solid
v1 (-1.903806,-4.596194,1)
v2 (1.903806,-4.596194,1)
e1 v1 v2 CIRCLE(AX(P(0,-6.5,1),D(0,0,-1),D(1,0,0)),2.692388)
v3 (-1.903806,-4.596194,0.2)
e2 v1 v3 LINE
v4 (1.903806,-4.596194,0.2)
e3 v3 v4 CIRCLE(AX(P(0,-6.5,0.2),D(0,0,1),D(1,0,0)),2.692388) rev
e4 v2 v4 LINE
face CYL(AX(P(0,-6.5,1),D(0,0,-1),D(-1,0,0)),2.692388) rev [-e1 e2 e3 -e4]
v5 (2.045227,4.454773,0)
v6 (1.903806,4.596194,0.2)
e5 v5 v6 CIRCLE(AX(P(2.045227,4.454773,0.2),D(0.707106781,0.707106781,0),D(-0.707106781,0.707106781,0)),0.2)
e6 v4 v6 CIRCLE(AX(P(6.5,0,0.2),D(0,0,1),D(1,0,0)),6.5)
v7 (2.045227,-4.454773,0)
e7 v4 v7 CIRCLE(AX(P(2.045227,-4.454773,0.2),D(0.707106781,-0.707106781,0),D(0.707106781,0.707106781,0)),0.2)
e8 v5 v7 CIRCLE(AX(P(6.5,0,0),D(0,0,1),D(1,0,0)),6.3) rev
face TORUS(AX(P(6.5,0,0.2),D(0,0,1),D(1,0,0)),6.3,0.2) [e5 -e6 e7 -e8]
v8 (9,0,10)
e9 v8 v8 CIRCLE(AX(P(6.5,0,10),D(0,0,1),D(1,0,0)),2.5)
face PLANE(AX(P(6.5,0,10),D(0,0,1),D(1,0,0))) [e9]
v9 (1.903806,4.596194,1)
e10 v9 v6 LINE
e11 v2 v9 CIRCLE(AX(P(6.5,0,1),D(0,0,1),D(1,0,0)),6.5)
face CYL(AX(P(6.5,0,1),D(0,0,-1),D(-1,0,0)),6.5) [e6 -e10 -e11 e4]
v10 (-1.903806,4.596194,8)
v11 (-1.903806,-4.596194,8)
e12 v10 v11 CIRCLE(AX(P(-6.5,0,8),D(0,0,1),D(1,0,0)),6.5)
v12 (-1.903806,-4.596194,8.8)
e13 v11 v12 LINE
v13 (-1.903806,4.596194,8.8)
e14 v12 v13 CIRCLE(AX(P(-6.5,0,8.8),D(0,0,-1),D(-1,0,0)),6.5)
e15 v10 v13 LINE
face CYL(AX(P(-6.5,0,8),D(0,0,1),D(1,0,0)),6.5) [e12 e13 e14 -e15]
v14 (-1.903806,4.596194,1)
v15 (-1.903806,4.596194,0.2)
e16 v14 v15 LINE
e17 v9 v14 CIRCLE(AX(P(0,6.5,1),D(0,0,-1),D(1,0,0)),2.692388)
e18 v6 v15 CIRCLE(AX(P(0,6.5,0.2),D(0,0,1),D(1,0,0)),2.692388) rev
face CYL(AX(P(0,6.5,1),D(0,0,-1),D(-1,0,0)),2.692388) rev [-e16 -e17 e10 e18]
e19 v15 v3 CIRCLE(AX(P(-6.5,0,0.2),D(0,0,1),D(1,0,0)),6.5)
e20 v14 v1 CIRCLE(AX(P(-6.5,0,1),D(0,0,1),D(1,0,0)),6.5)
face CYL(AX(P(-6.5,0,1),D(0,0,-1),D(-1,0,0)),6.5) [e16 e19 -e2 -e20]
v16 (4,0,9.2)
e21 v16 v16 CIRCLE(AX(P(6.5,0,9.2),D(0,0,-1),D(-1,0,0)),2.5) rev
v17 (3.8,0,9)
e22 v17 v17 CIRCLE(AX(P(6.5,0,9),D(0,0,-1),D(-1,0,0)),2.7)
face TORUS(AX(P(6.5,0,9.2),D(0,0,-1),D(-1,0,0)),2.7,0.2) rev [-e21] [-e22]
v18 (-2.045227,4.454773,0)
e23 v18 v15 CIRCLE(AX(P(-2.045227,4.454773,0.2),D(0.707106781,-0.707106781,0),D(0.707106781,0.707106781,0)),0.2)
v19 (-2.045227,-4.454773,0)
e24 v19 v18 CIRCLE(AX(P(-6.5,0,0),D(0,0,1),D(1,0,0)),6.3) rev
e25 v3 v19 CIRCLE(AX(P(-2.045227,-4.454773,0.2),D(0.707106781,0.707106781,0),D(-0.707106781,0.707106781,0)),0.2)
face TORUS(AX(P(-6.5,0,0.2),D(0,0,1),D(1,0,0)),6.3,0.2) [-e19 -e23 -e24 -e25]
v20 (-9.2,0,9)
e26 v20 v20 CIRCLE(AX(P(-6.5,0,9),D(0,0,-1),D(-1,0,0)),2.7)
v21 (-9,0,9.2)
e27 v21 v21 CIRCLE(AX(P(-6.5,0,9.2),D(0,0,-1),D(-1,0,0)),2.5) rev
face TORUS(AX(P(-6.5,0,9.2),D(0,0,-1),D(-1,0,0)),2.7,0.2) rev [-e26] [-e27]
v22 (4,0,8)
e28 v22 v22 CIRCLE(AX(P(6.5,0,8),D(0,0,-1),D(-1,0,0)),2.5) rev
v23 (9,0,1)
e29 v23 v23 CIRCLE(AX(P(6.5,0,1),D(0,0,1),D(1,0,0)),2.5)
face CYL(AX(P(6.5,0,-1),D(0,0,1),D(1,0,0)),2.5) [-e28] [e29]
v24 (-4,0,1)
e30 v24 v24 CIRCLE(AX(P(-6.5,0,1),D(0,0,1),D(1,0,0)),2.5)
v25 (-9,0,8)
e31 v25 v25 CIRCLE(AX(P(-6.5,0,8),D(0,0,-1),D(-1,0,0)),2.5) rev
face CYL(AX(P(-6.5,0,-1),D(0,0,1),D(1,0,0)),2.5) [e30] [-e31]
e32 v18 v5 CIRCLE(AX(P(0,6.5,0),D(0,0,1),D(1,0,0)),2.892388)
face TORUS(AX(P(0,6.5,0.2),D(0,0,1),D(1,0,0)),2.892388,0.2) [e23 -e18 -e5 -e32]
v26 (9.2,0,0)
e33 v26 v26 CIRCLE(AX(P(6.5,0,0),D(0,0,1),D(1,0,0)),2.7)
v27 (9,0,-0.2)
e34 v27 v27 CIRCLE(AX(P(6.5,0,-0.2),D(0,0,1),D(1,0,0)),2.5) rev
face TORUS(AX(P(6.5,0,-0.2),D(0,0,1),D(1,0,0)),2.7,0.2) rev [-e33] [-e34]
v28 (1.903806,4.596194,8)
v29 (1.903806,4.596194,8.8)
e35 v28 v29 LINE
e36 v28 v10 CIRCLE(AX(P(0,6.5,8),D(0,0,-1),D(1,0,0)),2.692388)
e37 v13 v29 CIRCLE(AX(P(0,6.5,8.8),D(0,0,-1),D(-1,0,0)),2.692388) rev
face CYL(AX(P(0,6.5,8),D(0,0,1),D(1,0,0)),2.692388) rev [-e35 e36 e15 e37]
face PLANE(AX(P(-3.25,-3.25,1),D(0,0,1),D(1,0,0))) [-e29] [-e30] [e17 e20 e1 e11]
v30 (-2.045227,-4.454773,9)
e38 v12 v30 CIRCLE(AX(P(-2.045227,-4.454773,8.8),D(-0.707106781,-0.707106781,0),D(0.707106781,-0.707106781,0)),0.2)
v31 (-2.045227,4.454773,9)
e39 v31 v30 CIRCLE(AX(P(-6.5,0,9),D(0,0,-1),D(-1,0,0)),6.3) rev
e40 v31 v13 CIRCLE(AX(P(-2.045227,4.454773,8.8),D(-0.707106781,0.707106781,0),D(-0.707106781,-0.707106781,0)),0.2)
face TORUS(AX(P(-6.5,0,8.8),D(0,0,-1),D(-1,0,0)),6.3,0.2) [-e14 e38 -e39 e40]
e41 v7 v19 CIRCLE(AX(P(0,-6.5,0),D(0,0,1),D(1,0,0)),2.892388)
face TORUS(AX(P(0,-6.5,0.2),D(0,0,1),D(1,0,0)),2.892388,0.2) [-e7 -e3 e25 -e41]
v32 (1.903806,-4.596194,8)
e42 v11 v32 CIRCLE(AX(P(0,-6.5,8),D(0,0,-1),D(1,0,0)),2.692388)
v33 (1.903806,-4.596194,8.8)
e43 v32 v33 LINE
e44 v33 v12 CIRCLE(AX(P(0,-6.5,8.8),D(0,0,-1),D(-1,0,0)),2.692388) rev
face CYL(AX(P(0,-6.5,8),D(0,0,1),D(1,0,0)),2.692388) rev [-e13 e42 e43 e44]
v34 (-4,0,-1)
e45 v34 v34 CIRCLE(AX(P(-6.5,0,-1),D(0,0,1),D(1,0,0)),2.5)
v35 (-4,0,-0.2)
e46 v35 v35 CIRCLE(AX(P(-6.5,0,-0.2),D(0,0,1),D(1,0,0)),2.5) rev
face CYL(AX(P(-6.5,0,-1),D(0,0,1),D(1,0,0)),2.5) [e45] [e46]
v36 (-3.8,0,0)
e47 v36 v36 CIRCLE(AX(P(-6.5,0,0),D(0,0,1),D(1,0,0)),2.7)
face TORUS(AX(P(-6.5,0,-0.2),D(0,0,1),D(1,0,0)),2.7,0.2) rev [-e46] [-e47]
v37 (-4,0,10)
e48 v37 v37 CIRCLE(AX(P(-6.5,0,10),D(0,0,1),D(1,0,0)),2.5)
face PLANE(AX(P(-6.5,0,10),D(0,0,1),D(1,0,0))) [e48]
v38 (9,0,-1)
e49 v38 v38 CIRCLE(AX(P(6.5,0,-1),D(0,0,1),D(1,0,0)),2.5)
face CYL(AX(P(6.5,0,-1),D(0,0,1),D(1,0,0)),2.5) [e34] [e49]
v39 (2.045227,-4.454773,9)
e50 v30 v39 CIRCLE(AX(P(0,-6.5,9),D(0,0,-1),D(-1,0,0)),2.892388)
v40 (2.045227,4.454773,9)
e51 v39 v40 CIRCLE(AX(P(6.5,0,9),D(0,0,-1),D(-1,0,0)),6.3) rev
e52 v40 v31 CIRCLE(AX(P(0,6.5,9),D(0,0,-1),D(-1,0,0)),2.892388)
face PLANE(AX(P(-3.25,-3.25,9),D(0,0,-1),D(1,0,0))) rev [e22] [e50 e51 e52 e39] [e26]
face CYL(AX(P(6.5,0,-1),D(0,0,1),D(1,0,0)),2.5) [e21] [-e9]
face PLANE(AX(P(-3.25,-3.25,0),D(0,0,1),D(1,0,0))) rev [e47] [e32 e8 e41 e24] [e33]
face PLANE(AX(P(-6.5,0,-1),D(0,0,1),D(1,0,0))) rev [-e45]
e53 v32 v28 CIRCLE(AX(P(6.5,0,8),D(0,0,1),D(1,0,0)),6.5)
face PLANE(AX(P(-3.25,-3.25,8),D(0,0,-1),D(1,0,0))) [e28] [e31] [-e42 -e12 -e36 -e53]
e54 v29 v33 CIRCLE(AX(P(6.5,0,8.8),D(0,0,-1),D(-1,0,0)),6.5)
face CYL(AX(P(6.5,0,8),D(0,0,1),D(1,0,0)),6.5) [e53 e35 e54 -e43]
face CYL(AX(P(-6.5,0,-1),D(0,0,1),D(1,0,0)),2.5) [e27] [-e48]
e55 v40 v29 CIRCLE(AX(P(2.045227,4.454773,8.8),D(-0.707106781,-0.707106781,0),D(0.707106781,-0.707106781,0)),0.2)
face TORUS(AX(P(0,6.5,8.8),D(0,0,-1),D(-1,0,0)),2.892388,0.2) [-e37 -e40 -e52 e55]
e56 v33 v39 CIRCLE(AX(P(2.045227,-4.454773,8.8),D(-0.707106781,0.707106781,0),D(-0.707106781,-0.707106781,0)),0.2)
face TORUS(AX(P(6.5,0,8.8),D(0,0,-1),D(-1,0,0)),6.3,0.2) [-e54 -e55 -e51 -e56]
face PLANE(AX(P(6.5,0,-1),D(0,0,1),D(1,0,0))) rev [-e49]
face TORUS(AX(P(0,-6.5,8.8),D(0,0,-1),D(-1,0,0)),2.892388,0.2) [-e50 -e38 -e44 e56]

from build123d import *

# Parameters (mm, degrees)
CROQUIS1_R                   = 2.5
SALIENTE_EXTRUIR1_DEPTH      = 1
CROQUIS2_R                   = 2.5
SALIENTE_EXTRUIR2_DEPTH      = 10
SALIENTE_EXTRUIR2_DEPTH_BACK = 1
REDONDEO1_R                  = 0.2


with BuildPart() as part:
    # Croquis1 → Saliente-Extruir1 (new body)
    with BuildSketch(Plane.XY):
        with BuildLine():
            ThreePointArc((-1.903805922, 4.596194078), (-13, 0), (-1.903805922, -4.596194078))
            ThreePointArc((-1.903805922, -4.596194078), (0, -3.807611845), (1.903805922, -4.596194078))
            ThreePointArc((1.903805922, -4.596194078), (13, 0), (1.903805922, 4.596194078))
            ThreePointArc((1.903805922, 4.596194078), (0, 3.807611845), (-1.903805922, 4.596194078))
        make_face()
        with Locations((-6.5, 0)):
            Circle(CROQUIS1_R, mode=Mode.SUBTRACT)
        with Locations((6.5, 0)):
            Circle(CROQUIS1_R, mode=Mode.SUBTRACT)
    saliente_extruir1 = extrude(amount=SALIENTE_EXTRUIR1_DEPTH)

    # Croquis2 → Saliente-Extruir2 (add, two sides)
    with BuildSketch(Plane.XY) as saliente_extruir2_sk:
        with Locations((-6.5, 0)):
            Circle(CROQUIS2_R)
        with Locations((6.5, 0)):
            Circle(CROQUIS2_R)
    extrude(amount=SALIENTE_EXTRUIR2_DEPTH)
    extrude(saliente_extruir2_sk.sketch, amount=-SALIENTE_EXTRUIR2_DEPTH_BACK)

    # Simetría1: Saliente-Extruir1 across plane
    add(saliente_extruir1.mirror(Plane(origin=(0, 0, 4.5), x_dir=(1, 0, 0), z_dir=(0, 0, -1))))

    # Redondeo1
    redondeo1_edges = [part.edges().sort_by_distance(p)[0] for p in [
        (-9, 0, 0),
        (4, 0, 0),
        (0, -3.807611845, 9),
        (13, 0, 9),
        (0, 3.807611845, 9),
        (-13, 0, 9),
        (-9, 0, 9),
        (4, 0, 9),
        (-13, 0, 0),
        (0, 3.807611845, 0),
        (13, 0, 0),
        (0, -3.807611845, 0),
    ]]
    fillet(redondeo1_edges, radius=REDONDEO1_R)


solid = part.part
